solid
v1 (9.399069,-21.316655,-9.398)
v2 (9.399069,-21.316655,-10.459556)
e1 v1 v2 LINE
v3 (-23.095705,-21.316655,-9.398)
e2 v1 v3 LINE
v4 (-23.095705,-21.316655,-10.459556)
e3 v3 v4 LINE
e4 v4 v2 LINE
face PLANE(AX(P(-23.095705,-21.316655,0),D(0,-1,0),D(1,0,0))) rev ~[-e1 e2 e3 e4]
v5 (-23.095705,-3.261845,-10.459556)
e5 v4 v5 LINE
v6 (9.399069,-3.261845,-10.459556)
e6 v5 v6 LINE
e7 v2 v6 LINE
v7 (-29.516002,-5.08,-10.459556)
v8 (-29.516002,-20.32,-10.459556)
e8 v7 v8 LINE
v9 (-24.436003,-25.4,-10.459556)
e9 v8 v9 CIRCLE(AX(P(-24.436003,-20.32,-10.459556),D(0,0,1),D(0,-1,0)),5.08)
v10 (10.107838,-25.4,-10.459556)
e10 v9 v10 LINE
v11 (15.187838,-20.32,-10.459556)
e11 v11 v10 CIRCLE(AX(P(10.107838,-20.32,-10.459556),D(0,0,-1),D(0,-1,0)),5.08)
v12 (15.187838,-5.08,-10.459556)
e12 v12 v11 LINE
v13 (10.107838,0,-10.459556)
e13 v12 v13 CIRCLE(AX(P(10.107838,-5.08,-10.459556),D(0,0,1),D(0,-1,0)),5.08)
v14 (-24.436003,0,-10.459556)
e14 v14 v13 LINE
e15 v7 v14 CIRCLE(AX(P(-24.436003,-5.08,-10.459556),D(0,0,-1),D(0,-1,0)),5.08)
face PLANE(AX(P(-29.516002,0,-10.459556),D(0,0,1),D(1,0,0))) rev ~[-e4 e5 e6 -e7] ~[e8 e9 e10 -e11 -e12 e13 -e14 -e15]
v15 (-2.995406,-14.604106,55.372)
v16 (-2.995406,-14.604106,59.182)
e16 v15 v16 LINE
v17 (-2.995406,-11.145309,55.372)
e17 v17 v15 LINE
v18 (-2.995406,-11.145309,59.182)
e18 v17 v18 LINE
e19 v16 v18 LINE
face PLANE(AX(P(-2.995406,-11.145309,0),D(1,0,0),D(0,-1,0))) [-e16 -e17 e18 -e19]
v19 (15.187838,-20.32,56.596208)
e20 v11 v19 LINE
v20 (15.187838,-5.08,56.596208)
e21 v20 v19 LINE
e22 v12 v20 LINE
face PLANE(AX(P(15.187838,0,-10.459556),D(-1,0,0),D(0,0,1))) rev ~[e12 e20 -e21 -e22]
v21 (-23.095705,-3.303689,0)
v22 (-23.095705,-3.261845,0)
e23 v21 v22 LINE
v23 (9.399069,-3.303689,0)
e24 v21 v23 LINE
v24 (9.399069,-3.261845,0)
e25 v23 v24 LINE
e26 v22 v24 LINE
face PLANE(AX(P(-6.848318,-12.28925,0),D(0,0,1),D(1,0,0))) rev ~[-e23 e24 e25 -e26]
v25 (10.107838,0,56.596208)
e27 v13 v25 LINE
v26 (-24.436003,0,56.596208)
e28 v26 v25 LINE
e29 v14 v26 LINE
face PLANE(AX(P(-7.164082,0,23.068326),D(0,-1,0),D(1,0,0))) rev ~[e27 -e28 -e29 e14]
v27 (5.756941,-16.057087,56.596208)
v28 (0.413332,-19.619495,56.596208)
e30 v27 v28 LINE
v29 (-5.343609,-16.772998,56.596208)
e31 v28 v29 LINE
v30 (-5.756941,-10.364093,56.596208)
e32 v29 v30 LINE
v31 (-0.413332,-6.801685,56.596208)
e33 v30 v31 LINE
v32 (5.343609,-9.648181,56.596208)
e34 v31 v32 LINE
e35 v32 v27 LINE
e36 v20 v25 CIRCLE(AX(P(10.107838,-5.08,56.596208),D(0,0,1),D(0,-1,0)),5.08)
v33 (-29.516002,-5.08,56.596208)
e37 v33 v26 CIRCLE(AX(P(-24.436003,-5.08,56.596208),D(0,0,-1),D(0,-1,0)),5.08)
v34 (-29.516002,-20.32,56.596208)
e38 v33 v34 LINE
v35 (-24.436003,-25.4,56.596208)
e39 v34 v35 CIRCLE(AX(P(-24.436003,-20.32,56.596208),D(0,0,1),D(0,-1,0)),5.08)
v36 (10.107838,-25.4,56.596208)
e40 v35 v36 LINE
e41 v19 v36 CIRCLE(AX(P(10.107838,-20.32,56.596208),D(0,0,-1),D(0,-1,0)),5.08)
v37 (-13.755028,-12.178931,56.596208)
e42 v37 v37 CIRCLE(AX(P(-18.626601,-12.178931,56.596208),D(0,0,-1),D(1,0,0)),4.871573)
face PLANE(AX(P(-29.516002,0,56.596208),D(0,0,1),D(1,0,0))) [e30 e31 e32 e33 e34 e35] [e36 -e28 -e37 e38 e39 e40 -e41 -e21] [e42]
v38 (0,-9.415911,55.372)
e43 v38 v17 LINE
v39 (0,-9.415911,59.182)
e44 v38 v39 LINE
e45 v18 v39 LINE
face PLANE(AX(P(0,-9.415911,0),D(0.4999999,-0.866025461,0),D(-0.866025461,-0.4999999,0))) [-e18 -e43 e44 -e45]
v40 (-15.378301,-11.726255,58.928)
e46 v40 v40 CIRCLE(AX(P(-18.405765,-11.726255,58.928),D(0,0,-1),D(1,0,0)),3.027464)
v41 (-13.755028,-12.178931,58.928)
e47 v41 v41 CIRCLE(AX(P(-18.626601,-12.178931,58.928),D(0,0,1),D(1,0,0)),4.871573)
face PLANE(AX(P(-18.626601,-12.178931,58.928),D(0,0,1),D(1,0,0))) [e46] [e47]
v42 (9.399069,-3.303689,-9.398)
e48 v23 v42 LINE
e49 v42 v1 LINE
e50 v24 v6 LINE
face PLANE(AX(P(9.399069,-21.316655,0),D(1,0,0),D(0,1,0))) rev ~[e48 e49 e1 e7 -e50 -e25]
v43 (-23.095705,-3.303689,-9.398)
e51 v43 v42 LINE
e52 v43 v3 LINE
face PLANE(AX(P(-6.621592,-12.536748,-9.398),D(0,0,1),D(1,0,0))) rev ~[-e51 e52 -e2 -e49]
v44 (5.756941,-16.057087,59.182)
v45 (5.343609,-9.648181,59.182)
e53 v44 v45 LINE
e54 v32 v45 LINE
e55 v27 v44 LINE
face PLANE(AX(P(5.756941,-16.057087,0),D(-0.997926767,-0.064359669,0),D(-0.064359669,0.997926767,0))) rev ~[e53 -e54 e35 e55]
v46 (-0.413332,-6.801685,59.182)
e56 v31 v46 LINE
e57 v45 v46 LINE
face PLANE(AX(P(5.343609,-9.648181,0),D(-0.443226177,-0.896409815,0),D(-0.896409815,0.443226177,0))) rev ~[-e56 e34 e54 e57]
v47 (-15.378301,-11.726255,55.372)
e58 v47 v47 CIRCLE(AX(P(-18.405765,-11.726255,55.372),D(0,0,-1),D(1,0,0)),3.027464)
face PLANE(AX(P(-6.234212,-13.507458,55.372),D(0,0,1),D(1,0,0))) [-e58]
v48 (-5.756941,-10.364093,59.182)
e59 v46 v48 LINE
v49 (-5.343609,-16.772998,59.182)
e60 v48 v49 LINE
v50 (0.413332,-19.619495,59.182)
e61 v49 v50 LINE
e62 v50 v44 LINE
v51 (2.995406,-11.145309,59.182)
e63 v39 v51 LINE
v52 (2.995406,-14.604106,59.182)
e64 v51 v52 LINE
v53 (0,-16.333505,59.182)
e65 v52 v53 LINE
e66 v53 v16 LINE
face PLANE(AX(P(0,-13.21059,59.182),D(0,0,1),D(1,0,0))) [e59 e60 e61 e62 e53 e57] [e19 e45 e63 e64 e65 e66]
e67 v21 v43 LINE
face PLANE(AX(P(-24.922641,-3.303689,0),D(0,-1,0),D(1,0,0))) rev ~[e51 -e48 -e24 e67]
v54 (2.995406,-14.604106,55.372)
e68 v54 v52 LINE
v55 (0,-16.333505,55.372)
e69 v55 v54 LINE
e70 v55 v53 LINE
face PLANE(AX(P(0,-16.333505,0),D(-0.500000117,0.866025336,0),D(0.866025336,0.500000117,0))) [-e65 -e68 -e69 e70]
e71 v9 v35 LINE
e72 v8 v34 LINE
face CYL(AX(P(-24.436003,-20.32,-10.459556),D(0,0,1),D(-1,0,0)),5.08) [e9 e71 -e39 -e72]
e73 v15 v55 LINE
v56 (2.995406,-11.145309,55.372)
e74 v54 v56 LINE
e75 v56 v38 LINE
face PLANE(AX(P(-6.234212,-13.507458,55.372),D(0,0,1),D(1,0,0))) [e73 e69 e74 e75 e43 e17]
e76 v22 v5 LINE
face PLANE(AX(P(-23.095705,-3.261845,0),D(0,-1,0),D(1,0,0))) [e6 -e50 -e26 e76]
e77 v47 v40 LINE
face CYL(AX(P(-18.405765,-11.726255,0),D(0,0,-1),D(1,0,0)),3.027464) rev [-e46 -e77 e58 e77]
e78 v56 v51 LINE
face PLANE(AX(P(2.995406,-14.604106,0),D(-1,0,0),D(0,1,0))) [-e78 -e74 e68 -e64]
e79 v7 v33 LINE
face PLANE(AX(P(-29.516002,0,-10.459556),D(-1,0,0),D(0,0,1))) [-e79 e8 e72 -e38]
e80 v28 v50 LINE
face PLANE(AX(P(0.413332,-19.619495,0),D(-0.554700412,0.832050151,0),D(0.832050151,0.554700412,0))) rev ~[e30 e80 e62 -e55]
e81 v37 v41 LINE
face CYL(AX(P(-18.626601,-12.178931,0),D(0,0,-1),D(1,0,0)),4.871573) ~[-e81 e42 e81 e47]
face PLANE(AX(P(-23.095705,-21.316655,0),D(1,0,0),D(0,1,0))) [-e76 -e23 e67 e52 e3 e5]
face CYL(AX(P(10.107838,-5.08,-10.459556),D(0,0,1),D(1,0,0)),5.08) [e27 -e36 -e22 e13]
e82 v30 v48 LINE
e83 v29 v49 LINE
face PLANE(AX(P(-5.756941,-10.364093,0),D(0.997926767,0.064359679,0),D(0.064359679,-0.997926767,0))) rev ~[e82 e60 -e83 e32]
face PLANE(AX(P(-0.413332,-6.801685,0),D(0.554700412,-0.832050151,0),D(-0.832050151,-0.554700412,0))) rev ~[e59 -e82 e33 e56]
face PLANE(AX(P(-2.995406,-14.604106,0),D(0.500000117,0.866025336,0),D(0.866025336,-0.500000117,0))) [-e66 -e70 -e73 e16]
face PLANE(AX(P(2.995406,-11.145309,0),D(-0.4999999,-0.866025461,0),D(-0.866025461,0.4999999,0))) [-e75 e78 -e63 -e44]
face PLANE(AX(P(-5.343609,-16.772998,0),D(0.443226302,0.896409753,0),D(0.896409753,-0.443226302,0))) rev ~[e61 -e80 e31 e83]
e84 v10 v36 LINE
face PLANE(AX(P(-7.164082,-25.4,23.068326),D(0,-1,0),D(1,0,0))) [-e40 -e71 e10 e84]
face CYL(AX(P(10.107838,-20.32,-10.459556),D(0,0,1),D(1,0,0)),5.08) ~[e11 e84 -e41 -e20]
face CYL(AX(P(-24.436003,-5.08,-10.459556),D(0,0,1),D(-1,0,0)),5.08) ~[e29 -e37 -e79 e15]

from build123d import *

# Parameters (mm, degrees)
F0_W      = 44.703841
F0_H      = 67.055764
F1_DEPTH  = 25.4
F2_R      = 5.08
F3_R      = 4.871573
F4_DEPTH  = 58.928
F6_DEPTH  = 59.182
F7_R      = 3.027464
F8_DEPTH  = 69.85
F10_DEPTH = 63.246
F11_W     = 32.655392
F11_H     = 15.437096
F12_DEPTH = 55.372
F13_W     = 32.494774
F13_H     = 18.05481
F14_DEPTH = 12.192
F15_W     = 36.602098
F15_H     = 18.466117
F16_DEPTH = 9.398


with BuildPart() as f1:
    # F0 (on Front) → F1 (new body)
    with BuildSketch(Plane.XZ):
        with Locations((-7.164082, 23.068326)):
            Rectangle(F0_W, F0_H)
    extrude(amount=F1_DEPTH)

    # F2
    f2_edges = [f1.edges().sort_by_distance(p)[0] for p in [
        (-29.516002, -25.4, 23.068326),
        (15.187839, -25.4, 23.068326),
        (15.187839, 0, 23.068326),
        (-29.516002, 0, 23.068326),
    ]]
    fillet(f2_edges, radius=F2_R)

    # F3 (on Top) → F4 (join)
    with BuildSketch(Plane.XY):
        with Locations((-18.626601, -12.178931)):
            Circle(F3_R)
    extrude(amount=F4_DEPTH)

    # F5 (on Top) → F6 (join)
    with BuildSketch(Plane.XY):
        Polygon((-5.756941, -10.364093), (-5.343609, -16.772998), (0.413332, -19.619495), (5.756941, -16.057087), (5.343609, -9.648181), (-0.413332, -6.801685), align=None)
    extrude(amount=F6_DEPTH)

    # F7 (on Top) → F8 (cut)
    with BuildSketch(Plane.XY):
        with Locations((-18.405765, -11.726255)):
            Circle(F7_R)
    extrude(amount=F8_DEPTH, mode=Mode.SUBTRACT)

    # F9 (on Top) → F10 (cut)
    with BuildSketch(Plane.XY):
        Polygon((2.995406, -11.145309), (0, -9.415911), (-2.995406, -11.145309), (-2.995406, -14.604106), (0, -16.333505), (2.995406, -14.604106), align=None)
    extrude(amount=F10_DEPTH, mode=Mode.SUBTRACT)

    # F11 (on Top) → F12 (join)
    with BuildSketch(Plane.XY):
        with Locations((-6.234212, -13.507458)):
            Rectangle(F11_W, F11_H)
    extrude(amount=F12_DEPTH)

    # F13 (on Top) → F14 (cut)
    with BuildSketch(Plane.XY):
        with Locations((-6.848318, -12.28925)):
            Rectangle(F13_W, F13_H)
    extrude(amount=-F14_DEPTH, mode=Mode.SUBTRACT)

    # F15 (on Top) → F16 (join)
    with BuildSketch(Plane.XY):
        with Locations((-6.621592, -12.536748)):
            Rectangle(F15_W, F15_H)
    extrude(amount=-F16_DEPTH)


solid = f1.part
